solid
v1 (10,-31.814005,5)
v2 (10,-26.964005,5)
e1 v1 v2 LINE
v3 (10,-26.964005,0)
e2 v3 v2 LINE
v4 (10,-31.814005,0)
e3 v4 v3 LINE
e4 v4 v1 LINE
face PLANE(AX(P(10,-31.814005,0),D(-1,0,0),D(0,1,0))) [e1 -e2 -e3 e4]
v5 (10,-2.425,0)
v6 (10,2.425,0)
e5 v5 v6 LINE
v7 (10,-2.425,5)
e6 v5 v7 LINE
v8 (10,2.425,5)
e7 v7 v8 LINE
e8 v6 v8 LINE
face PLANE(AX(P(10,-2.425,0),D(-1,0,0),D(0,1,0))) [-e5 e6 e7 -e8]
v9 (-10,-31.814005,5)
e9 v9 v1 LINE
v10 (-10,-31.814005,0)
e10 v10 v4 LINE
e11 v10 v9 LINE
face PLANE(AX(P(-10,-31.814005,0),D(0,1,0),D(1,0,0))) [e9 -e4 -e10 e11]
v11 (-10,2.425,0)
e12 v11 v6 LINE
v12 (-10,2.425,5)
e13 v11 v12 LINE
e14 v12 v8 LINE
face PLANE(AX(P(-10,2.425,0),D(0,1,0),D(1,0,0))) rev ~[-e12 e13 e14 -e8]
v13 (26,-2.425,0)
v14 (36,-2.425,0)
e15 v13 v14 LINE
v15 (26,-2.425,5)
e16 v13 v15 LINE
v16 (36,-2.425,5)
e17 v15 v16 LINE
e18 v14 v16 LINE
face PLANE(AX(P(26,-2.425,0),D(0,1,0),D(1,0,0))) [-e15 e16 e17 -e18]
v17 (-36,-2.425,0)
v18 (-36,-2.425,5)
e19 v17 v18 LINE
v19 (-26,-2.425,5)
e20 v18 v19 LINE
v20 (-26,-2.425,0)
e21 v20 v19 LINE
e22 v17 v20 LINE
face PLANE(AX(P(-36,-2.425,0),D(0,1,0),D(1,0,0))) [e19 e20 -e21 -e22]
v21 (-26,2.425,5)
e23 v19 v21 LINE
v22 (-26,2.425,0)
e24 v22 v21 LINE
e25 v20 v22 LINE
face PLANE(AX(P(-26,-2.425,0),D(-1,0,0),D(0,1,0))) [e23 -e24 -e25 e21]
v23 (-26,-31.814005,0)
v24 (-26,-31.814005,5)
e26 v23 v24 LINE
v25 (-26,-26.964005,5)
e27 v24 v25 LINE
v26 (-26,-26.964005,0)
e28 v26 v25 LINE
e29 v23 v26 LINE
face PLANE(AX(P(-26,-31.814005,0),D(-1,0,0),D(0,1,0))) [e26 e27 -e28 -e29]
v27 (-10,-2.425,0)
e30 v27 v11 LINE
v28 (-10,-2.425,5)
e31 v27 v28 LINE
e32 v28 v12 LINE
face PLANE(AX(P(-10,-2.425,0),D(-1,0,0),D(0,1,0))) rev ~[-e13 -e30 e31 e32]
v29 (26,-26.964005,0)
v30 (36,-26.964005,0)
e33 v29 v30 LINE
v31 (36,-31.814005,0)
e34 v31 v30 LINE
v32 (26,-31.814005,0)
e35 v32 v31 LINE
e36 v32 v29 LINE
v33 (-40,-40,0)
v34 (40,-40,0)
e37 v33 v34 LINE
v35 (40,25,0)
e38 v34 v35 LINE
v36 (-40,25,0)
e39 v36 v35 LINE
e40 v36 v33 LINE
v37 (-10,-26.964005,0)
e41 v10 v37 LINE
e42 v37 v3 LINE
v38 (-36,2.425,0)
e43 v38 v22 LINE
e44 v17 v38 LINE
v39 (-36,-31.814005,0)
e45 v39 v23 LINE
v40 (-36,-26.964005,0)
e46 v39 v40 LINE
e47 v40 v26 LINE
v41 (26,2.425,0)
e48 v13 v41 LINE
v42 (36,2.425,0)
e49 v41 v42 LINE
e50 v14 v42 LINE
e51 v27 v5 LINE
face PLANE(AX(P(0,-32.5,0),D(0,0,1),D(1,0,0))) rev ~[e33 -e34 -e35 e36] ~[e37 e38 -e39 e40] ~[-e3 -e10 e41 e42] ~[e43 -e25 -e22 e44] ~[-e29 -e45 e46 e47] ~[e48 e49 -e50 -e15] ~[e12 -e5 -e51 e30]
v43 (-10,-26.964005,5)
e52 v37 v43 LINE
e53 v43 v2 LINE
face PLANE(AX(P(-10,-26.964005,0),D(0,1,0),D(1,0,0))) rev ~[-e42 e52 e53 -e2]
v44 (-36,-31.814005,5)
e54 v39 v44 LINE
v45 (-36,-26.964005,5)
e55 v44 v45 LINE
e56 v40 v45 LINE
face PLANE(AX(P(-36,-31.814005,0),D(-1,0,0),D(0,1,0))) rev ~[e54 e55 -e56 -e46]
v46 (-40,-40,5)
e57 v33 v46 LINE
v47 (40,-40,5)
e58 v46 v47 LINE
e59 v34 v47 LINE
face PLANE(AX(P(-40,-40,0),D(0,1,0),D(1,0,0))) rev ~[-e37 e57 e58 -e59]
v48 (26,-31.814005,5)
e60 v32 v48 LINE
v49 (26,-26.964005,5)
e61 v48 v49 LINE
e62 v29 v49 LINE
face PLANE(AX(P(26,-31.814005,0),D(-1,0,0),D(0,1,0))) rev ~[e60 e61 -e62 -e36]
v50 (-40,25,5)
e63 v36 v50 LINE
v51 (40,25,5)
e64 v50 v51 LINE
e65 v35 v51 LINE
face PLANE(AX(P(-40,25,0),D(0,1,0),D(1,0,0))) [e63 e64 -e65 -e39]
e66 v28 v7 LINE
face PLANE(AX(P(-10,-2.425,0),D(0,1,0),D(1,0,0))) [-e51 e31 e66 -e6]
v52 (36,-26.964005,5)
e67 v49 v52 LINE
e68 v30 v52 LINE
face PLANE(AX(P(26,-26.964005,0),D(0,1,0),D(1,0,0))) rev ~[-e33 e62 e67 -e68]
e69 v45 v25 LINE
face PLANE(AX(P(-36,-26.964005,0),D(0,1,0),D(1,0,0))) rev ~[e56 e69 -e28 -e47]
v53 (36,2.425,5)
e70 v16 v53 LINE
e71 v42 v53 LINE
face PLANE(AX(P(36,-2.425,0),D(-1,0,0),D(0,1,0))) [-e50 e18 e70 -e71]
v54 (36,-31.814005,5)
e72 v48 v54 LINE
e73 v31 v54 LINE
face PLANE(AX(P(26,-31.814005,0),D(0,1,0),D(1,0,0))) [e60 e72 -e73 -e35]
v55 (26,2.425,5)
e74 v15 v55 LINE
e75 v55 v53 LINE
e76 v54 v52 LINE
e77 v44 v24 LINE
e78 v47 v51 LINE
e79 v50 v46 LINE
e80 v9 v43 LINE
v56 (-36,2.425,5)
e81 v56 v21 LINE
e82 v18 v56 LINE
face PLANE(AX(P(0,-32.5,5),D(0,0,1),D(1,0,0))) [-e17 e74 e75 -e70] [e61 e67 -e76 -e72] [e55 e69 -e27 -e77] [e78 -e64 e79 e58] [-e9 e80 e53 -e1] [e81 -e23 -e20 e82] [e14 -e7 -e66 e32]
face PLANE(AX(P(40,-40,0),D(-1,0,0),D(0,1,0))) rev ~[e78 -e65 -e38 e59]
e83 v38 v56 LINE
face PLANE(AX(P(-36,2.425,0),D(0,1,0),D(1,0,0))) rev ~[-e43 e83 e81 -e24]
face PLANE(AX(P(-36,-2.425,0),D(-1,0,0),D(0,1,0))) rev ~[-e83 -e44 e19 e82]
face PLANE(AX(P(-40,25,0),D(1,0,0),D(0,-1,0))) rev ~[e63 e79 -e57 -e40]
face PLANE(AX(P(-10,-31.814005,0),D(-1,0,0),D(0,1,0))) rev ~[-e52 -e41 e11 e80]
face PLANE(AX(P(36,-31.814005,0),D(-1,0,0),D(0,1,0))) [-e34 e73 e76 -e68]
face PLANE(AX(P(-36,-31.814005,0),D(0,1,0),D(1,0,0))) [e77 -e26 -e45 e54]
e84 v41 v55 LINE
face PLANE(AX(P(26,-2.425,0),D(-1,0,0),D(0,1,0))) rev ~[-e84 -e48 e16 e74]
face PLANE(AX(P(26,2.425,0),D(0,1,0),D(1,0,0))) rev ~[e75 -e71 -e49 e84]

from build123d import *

# Parameters (mm, degrees)
F0_W     = 80
F0_H     = 15
F0_W_2   = 10
F0_H_2   = 4.85
F0_W_3   = 20
F0_H_3   = 50
F1_DEPTH = 5


with BuildPart() as f1:
    # F0 (on Top) → F1 (new body)
    with BuildSketch(Plane.XY):
        with Locations((0, -32.5)):
            Rectangle(F0_W, F0_H)
        with Locations((-31, -29.389005)):
            Rectangle(F0_W_2, F0_H_2, mode=Mode.SUBTRACT)
        with Locations((0, -29.389005)):
            Rectangle(F0_W_3, F0_H_2, mode=Mode.SUBTRACT)
        with Locations((31, -29.389005)):
            Rectangle(F0_W_2, F0_H_2, mode=Mode.SUBTRACT)
        Rectangle(F0_W, F0_H_3)
        with Locations((-31, 0)):
            Rectangle(F0_W_2, F0_H_2, mode=Mode.SUBTRACT)
        Rectangle(F0_W_3, F0_H_2, mode=Mode.SUBTRACT)
        with Locations((31, 0)):
            Rectangle(F0_W_2, F0_H_2, mode=Mode.SUBTRACT)
    extrude(amount=F1_DEPTH)


solid = f1.part
